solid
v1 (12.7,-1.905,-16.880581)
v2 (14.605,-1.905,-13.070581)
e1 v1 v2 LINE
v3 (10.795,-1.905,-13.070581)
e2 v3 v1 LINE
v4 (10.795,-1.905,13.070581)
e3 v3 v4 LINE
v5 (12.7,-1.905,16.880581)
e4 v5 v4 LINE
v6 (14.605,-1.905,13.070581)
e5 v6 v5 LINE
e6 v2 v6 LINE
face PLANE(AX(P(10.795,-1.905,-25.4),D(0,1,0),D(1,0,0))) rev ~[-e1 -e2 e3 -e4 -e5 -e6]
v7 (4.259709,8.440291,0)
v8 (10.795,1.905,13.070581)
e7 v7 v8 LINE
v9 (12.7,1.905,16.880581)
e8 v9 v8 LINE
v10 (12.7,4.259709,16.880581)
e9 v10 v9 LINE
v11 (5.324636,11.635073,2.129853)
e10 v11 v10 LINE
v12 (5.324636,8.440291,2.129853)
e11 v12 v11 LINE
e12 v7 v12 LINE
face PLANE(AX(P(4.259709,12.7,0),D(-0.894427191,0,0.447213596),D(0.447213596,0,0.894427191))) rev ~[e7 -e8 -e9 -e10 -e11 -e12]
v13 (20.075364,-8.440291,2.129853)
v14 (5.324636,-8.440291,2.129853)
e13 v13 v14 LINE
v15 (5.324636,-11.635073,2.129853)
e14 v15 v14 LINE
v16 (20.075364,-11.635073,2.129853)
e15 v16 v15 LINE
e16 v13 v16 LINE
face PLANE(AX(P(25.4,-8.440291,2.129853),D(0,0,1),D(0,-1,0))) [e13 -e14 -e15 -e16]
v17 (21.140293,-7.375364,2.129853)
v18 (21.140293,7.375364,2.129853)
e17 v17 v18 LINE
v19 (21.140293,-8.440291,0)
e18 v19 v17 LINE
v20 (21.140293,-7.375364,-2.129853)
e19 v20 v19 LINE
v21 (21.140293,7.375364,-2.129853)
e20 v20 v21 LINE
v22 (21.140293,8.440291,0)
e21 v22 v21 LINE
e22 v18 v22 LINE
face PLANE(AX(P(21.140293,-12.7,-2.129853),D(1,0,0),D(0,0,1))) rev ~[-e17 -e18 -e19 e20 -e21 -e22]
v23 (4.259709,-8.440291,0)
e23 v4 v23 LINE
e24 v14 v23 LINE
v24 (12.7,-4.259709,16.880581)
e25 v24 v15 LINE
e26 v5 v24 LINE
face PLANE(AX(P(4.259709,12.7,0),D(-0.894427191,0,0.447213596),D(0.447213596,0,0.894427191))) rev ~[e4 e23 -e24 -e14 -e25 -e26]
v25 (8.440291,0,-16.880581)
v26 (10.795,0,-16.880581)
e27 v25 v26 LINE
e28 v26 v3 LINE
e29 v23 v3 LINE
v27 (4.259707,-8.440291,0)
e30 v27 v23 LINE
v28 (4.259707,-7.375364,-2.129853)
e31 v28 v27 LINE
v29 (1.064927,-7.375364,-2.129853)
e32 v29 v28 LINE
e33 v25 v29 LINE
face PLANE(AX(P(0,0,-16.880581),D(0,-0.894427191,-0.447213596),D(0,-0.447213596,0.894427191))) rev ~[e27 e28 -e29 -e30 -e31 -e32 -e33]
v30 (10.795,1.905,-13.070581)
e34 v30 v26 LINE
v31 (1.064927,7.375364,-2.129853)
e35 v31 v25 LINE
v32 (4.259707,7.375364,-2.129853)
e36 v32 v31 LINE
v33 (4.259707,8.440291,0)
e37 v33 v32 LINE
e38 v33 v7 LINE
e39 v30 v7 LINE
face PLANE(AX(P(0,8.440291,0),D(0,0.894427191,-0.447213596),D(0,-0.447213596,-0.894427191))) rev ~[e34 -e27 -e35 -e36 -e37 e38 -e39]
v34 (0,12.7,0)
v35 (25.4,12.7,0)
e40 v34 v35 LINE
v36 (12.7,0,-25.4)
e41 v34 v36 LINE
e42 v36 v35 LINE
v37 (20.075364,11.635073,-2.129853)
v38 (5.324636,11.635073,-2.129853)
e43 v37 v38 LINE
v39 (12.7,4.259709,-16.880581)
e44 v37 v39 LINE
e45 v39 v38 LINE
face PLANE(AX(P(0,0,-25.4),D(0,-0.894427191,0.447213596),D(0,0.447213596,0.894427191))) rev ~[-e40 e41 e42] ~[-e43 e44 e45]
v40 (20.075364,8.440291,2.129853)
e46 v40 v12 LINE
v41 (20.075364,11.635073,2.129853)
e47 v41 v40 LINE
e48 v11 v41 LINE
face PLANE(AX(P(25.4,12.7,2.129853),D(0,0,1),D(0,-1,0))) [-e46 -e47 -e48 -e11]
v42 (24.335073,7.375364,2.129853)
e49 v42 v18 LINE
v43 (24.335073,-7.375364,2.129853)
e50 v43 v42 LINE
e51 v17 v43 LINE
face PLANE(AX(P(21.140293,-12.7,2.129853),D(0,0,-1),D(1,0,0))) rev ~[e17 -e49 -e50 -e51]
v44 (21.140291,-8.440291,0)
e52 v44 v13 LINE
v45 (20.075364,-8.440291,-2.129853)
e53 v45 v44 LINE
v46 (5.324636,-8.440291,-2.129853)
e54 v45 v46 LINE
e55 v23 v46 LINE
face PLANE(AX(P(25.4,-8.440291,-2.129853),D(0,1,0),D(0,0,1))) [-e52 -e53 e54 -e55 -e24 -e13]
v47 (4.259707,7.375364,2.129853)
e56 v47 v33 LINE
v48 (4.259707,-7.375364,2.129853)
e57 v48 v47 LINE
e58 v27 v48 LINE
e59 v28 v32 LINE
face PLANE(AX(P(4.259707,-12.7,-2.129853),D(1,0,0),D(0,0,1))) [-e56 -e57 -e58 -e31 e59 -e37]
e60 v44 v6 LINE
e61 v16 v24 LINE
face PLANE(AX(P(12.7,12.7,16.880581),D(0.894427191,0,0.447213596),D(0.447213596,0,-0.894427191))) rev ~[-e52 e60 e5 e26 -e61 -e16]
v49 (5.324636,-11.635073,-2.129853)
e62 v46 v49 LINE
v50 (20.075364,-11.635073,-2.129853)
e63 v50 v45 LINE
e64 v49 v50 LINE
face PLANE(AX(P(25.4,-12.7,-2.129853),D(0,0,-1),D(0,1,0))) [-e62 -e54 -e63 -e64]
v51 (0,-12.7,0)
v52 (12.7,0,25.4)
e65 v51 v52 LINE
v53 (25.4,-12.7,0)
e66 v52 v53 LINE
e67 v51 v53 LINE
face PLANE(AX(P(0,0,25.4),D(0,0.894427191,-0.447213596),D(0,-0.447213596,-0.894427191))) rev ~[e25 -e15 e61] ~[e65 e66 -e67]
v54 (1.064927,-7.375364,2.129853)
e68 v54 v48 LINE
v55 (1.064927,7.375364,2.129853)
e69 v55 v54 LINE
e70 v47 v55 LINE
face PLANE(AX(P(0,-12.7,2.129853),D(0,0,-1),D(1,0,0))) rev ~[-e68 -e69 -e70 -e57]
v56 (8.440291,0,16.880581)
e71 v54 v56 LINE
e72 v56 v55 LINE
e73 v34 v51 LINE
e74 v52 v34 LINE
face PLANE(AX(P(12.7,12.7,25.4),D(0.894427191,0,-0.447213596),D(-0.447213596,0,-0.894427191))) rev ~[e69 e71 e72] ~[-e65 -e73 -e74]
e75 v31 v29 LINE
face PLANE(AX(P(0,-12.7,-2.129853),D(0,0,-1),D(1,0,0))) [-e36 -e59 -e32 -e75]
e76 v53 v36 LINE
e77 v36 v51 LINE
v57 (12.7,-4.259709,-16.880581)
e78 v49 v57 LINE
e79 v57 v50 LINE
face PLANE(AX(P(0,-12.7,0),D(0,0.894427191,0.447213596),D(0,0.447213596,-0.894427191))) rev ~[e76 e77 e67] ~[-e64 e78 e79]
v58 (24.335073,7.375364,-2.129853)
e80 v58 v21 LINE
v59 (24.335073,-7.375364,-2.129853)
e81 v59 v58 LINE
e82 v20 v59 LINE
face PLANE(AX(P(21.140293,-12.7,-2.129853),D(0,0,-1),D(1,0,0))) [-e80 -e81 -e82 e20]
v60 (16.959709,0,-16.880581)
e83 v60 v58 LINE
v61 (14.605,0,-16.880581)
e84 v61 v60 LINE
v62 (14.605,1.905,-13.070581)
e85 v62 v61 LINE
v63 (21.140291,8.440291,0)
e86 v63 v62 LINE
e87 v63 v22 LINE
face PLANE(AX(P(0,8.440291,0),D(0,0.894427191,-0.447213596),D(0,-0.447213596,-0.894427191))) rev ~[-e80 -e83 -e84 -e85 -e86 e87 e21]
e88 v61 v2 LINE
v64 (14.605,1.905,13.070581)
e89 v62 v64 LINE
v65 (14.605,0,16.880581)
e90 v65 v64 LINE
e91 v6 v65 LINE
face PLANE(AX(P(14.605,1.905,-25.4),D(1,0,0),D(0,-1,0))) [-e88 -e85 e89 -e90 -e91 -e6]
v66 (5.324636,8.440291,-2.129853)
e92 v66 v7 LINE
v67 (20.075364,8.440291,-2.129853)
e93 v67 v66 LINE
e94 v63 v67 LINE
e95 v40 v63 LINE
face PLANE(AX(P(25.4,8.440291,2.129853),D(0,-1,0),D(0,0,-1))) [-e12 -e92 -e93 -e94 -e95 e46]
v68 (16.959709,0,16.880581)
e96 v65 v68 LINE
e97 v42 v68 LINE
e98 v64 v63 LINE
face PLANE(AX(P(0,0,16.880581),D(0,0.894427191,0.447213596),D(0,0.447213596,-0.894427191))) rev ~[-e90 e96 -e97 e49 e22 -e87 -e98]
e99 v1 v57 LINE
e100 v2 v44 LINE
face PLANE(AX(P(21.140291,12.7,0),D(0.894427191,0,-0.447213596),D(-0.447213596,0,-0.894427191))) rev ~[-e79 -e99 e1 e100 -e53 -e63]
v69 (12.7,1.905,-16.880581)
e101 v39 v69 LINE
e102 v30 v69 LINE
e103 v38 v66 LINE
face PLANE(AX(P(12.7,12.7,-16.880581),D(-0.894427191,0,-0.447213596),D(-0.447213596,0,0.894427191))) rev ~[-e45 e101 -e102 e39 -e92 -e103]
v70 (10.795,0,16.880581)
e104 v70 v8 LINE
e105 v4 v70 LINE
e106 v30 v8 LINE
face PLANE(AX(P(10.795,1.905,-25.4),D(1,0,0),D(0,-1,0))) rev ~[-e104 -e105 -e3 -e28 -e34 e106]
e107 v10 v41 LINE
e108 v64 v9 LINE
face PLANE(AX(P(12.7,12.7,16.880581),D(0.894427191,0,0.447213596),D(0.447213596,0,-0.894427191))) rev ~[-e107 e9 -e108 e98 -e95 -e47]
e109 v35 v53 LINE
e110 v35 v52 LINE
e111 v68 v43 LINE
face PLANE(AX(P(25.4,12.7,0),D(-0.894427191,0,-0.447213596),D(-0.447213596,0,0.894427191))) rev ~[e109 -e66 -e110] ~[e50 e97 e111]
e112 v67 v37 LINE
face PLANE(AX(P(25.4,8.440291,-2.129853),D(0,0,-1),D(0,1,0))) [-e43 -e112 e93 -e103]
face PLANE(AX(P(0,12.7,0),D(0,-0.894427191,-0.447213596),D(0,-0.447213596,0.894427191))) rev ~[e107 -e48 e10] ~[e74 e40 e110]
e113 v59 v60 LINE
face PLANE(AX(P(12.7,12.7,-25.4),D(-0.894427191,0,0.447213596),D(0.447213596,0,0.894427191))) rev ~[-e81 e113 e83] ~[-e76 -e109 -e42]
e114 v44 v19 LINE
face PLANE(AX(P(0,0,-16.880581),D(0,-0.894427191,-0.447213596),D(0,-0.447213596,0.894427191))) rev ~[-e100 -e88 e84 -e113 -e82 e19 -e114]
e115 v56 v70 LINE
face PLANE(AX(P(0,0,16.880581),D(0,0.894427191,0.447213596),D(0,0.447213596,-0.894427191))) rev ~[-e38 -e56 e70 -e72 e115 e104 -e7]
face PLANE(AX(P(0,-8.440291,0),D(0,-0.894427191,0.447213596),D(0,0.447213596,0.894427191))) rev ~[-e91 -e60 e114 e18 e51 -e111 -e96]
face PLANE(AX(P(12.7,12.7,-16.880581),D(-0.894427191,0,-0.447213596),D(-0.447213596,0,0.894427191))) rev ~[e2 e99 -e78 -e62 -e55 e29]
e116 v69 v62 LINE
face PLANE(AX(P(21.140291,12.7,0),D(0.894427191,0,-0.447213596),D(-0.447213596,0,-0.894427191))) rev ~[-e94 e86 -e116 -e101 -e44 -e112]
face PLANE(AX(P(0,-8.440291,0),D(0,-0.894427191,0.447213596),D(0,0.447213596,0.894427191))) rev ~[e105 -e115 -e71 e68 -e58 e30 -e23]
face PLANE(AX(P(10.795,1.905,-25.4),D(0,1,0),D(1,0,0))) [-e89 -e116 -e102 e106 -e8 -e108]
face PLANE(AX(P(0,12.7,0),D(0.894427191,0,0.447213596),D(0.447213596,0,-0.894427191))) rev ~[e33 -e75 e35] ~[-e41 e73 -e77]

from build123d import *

# Parameters (mm, degrees)
F0_W      = 25.4
F0_H      = 50.8
F1_DEPTH  = 25.4
F5_DEPTH  = 25.4
F6_DEPTH  = 25.4
F4_W      = 3.81
F4_H      = 3.81
F7_DEPTH  = 50.8
F9_DEPTH  = 25.4
F10_W     = 4.259707
F10_H     = 4.259707
F11_DEPTH = 25.4
F12_DEPTH = 25.4
F13_DEPTH = 25.4


with BuildPart() as f1:
    # F0 (on Right) → F1 (new body)
    with BuildSketch(Plane.YZ):
        Rectangle(F0_W, F0_H)
    extrude(amount=F1_DEPTH)

    # F2 (on face) → F5 (cut)
    with BuildSketch(Plane(origin=(0, 0, 0), x_dir=(0, -1, 0), z_dir=(-1, 0, 0))):
        Polygon((8.4402905029, 0), (0, 16.8805810057), (-8.4402905029, 0), (0, -16.8805810057), align=None)
    extrude(amount=-F5_DEPTH, mode=Mode.SUBTRACT)

    # F3 (on face) → F6 (cut)
    with BuildSketch(Plane(origin=(0, 12.7, 0), x_dir=(-1, 0, 0), z_dir=(0, 1, 0))):
        Polygon((-12.7, 16.8805810057), (-21.1402905029, 0), (-12.7, -16.8805810057), (-4.2597094971, 0), align=None)
    extrude(amount=-F6_DEPTH, mode=Mode.SUBTRACT)

    # F4 (on face) → F7 (join)
    with BuildSketch(Plane(origin=(0, 0, -25.4), x_dir=(1, 0, 0), z_dir=(0, 0, -1))):
        with Locations((12.7, 0)):
            Rectangle(F4_W, F4_H)
    extrude(amount=-F7_DEPTH)

    # F8 (on face) → F9 (join)
    with BuildSketch(Plane.YZ.offset(25.4)):
        Polygon((-12.7, 2.1298535), (-12.7, -2.1298535), (-8.4402905029, -2.1298535), (-8.4402905029, 0), (-8.4402905029, 2.1298535), align=None)
        Polygon((8.4402905029, -2.1298535), (12.7, -2.1298535), (12.7, 2.1298535), (8.4402905029, 2.1298535), (8.4402905029, 0), align=None)
    extrude(amount=-F9_DEPTH)

    # F10 (on face) → F11 (join)
    with BuildSketch(Plane.XZ.offset(12.7)):
        with Locations((2.1298535, 0)):
            Rectangle(F10_W, F10_H)
        with Locations((23.2701465, 0)):
            Rectangle(F10_W, F10_H)
    extrude(amount=-F11_DEPTH)

    # F3 (on face) → F12 (cut)
    with BuildSketch(Plane(origin=(0, 12.7, 0), x_dir=(-1, 0, 0), z_dir=(0, 1, 0))):
        Polygon((0, 25.4), (-12.7, 25.4), (0, 0), align=None)
        Polygon((-25.4, 0), (-12.7, 25.4), (-25.4, 25.4), align=None)
        Polygon((-12.7, -25.4), (-25.4, 0), (-25.4, -25.4), align=None)
        Polygon((0, -25.4), (0, 0), (-12.7, -25.4), align=None)
    extrude(amount=-F12_DEPTH, mode=Mode.SUBTRACT)

    # F2 (on face) → F13 (cut)
    with BuildSketch(Plane(origin=(0, 0, 0), x_dir=(0, -1, 0), z_dir=(-1, 0, 0))):
        Polygon((-12.7, 0), (0, 25.4), (-12.7, 25.4), align=None)
        Polygon((12.7, 25.4), (0, 25.4), (12.7, 0), align=None)
        Polygon((12.7, -25.4), (12.7, 0), (0, -25.4), align=None)
        Polygon((0, -25.4), (-12.7, 0), (-12.7, -25.4), align=None)
    extrude(amount=-F13_DEPTH, mode=Mode.SUBTRACT)


solid = f1.part
